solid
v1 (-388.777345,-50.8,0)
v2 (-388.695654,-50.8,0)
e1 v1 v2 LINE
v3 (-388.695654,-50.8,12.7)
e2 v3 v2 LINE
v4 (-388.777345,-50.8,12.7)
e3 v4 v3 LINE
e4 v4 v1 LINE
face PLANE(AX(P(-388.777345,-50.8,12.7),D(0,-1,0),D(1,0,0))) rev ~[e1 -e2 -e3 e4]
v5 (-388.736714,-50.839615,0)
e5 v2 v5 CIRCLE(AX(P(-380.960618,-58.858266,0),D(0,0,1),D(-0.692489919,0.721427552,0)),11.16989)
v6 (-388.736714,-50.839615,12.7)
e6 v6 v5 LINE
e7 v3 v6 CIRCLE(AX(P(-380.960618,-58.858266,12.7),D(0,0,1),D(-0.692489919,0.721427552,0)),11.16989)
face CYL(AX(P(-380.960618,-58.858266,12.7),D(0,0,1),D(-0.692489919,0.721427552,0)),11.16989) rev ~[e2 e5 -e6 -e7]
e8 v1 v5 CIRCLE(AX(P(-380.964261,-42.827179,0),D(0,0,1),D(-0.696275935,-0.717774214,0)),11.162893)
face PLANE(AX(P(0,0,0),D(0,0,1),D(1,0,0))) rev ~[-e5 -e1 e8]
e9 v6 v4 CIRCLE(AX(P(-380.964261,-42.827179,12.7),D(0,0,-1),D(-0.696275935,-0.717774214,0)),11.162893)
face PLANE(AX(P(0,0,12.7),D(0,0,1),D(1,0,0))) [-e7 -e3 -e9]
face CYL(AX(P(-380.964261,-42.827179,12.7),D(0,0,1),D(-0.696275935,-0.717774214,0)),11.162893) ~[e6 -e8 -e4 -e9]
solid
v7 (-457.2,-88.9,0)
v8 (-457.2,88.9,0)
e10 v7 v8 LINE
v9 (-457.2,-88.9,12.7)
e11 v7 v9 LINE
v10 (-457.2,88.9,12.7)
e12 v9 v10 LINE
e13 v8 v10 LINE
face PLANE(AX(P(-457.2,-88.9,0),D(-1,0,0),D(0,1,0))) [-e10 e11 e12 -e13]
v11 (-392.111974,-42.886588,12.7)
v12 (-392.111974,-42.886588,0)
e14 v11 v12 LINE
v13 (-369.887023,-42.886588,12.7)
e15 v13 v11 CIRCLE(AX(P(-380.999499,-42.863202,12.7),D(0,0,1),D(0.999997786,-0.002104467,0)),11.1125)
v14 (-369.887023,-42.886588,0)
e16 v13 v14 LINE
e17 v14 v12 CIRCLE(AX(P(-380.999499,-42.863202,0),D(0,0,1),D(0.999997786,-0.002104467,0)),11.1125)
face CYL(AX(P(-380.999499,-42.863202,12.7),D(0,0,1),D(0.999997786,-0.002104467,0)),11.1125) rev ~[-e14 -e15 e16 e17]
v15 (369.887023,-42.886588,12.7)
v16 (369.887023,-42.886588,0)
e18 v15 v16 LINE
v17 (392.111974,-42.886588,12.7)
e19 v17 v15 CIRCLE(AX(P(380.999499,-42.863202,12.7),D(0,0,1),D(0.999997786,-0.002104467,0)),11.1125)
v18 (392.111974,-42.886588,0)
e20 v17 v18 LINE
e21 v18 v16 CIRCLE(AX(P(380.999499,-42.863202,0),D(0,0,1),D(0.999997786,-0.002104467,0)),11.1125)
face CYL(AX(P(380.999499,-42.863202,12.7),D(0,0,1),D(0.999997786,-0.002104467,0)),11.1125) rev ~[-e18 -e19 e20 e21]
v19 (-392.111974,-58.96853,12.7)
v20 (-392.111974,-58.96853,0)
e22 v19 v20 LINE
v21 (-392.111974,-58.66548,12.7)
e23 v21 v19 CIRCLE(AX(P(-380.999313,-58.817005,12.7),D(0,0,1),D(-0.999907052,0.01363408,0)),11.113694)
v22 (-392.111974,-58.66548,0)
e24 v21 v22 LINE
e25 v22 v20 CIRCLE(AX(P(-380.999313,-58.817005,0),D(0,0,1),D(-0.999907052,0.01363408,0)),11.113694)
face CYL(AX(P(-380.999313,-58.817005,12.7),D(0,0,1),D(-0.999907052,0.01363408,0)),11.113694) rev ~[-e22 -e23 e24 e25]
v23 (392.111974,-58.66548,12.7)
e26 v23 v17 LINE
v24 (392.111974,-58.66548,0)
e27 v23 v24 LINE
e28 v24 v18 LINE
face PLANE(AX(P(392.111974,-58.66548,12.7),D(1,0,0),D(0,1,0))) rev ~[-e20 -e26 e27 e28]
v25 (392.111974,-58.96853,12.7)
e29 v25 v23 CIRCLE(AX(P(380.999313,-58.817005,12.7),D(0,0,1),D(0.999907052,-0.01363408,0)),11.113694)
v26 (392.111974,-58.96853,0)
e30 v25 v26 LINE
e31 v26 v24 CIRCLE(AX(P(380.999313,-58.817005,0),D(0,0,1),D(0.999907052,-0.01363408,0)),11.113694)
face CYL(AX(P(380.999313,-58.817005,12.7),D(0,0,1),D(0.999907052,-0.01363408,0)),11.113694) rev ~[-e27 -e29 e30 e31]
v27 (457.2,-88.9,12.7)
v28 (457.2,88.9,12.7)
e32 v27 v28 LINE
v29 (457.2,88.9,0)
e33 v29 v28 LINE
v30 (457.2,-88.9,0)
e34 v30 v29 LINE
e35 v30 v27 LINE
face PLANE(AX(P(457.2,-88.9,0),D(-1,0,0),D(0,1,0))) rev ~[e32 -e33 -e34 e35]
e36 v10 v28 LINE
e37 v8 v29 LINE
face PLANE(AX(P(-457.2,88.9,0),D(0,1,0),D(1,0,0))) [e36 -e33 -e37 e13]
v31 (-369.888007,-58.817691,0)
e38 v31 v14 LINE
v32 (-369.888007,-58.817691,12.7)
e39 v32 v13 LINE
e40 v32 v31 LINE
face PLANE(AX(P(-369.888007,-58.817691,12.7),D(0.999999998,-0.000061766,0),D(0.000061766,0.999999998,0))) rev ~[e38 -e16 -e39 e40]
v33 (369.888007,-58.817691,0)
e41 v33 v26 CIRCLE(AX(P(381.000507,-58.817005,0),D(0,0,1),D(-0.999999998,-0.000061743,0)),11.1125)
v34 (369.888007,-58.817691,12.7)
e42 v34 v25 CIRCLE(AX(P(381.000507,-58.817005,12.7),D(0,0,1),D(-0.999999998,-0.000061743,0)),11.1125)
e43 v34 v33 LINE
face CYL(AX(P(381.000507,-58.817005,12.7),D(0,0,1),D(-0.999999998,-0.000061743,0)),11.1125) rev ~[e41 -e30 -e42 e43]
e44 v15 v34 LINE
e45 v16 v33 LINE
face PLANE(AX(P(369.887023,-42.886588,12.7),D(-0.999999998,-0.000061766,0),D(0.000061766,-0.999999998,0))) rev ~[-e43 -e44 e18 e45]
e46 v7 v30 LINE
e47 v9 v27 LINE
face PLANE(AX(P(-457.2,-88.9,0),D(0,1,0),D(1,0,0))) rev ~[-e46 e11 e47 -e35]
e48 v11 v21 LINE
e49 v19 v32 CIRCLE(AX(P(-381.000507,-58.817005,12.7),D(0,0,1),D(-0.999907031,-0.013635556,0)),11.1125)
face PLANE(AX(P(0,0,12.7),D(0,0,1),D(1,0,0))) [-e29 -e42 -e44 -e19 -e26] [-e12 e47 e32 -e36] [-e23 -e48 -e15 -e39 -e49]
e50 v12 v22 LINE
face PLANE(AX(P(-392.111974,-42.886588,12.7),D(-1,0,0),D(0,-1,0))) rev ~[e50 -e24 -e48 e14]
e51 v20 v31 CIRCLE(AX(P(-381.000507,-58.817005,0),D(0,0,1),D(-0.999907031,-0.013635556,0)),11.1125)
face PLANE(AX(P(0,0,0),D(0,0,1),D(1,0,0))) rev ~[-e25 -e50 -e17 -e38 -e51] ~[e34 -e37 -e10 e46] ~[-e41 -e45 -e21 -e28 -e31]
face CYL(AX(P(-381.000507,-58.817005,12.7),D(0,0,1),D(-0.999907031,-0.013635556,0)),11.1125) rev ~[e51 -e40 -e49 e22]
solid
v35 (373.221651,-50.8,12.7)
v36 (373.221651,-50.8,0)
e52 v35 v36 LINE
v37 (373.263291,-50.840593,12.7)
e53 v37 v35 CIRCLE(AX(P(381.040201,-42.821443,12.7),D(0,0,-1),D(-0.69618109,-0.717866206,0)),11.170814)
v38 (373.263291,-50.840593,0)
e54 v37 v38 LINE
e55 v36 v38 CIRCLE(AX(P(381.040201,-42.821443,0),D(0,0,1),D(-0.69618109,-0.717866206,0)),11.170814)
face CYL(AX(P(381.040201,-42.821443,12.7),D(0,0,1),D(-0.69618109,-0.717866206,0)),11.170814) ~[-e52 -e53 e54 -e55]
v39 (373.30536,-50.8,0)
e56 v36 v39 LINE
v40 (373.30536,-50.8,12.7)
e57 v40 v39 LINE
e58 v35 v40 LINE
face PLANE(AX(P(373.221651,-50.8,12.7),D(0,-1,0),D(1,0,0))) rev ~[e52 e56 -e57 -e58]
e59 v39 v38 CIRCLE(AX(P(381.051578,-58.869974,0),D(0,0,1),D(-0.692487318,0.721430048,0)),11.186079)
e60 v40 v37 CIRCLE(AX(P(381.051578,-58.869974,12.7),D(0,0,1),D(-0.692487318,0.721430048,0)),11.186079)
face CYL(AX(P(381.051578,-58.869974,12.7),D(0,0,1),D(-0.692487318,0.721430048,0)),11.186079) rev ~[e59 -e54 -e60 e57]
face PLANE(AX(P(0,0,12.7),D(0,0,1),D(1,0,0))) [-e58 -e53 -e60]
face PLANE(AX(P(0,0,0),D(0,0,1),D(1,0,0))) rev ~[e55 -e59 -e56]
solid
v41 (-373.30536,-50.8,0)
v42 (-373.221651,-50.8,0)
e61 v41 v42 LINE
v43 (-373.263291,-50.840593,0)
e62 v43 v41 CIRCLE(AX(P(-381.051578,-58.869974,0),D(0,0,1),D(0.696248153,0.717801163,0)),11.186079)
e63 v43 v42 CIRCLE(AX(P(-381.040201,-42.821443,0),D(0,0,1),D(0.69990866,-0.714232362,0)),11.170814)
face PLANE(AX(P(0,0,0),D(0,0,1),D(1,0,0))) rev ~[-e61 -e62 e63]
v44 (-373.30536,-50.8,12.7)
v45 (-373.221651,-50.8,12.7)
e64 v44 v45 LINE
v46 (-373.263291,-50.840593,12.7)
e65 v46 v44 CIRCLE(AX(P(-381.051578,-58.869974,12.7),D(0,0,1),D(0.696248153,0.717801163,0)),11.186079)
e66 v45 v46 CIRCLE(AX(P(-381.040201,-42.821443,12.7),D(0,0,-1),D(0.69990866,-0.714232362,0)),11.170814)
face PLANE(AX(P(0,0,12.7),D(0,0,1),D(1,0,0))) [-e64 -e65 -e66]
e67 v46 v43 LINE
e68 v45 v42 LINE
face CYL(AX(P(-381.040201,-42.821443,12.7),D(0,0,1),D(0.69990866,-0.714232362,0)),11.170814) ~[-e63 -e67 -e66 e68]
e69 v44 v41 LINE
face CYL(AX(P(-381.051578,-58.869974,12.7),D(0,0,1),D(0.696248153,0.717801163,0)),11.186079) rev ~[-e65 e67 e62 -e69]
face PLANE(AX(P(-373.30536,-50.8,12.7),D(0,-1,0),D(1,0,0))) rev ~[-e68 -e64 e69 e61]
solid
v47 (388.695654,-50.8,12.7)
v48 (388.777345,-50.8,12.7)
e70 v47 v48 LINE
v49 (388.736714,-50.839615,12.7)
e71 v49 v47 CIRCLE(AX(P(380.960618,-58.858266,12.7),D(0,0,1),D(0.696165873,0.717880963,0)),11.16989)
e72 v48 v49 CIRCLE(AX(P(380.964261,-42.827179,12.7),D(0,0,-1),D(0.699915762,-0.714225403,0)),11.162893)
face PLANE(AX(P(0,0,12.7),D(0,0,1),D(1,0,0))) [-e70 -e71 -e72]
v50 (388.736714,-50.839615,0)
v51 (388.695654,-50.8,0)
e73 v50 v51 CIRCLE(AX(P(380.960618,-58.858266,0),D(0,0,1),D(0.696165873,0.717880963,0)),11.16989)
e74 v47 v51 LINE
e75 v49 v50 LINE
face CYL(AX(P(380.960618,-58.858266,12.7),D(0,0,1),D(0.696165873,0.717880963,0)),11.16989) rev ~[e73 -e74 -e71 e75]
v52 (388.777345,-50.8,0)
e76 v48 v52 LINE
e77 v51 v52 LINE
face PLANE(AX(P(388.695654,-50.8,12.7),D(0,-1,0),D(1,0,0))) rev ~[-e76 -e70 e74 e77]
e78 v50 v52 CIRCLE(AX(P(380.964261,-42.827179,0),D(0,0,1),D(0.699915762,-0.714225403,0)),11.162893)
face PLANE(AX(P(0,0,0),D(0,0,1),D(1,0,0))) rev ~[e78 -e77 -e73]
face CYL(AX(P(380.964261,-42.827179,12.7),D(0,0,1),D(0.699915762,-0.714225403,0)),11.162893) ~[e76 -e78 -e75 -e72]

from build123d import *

# Parameters (mm, degrees)
F0_W     = 914.4
F0_H     = 177.8
F1_DEPTH = 12.7
F3_DEPTH = 25.4


with BuildPart() as f1:
    # F0 (on Top) → F1 (new body)
    with BuildSketch(Plane.XY):
        Rectangle(F0_W, F0_H)
    extrude(amount=F1_DEPTH)

    # F2 (on face) → F3 (cut)
    with BuildSketch(Plane.XY.offset(12.7)):
        with BuildLine():
            Line((-392.111974, -58.96853), (-392.111974, -58.66548))
            ThreePointArc((-392.111974, -58.66548), (-392.113007, -58.817005), (-392.111974, -58.96853))
        make_face()
        with BuildLine():
            Line((-392.111974, -42.886588), (-392.111974, -58.66548))
            Line((-392.111974, -58.66548), (-392.111974, -58.96853))
            ThreePointArc((-392.111974, -58.96853), (-380.925086, -69.929249), (-369.888007, -58.817691))
            Line((-369.888007, -58.817691), (-369.887023, -42.886588))
            ThreePointArc((-369.887023, -42.886588), (-380.999498, -31.750702), (-392.111974, -42.886588))
        make_face()
        with BuildLine():
            ThreePointArc((-388.736714, -50.839615), (-388.757055, -50.819833), (-388.777345, -50.8))
            Line((-388.777345, -50.8), (-388.695654, -50.8))
            ThreePointArc((-388.695654, -50.8), (-388.716209, -50.819781), (-388.736714, -50.839615))
        make_face(mode=Mode.SUBTRACT)
        with BuildLine():
            ThreePointArc((-373.221651, -50.8), (-373.242445, -50.820324), (-373.263291, -50.840593))
            ThreePointArc((-373.263291, -50.840593), (-373.284299, -50.820269), (-373.30536, -50.8))
            Line((-373.30536, -50.8), (-373.221651, -50.8))
        make_face(mode=Mode.SUBTRACT)
        with BuildLine():
            Line((392.111974, -58.66548), (392.111974, -42.886588))
            ThreePointArc((392.111974, -42.886588), (380.999498, -31.750702), (369.887023, -42.886588))
            Line((369.887023, -42.886588), (369.888007, -58.817691))
            ThreePointArc((369.888007, -58.817691), (380.925086, -69.929249), (392.111974, -58.96853))
            Line((392.111974, -58.96853), (392.111974, -58.66548))
        make_face()
        with BuildLine():
            Line((373.221651, -50.8), (373.30536, -50.8))
            ThreePointArc((373.30536, -50.8), (373.284299, -50.820269), (373.263291, -50.840593))
            ThreePointArc((373.263291, -50.840593), (373.242445, -50.820324), (373.221651, -50.8))
        make_face(mode=Mode.SUBTRACT)
        with BuildLine():
            Line((388.695654, -50.8), (388.777345, -50.8))
            ThreePointArc((388.777345, -50.8), (388.757055, -50.819833), (388.736714, -50.839615))
            ThreePointArc((388.736714, -50.839615), (388.716209, -50.819781), (388.695654, -50.8))
        make_face(mode=Mode.SUBTRACT)
        with BuildLine():
            ThreePointArc((392.111974, -58.96853), (392.113007, -58.817005), (392.111974, -58.66548))
            Line((392.111974, -58.66548), (392.111974, -58.96853))
        make_face()
    extrude(amount=-F3_DEPTH, mode=Mode.SUBTRACT)


solid = f1.part
